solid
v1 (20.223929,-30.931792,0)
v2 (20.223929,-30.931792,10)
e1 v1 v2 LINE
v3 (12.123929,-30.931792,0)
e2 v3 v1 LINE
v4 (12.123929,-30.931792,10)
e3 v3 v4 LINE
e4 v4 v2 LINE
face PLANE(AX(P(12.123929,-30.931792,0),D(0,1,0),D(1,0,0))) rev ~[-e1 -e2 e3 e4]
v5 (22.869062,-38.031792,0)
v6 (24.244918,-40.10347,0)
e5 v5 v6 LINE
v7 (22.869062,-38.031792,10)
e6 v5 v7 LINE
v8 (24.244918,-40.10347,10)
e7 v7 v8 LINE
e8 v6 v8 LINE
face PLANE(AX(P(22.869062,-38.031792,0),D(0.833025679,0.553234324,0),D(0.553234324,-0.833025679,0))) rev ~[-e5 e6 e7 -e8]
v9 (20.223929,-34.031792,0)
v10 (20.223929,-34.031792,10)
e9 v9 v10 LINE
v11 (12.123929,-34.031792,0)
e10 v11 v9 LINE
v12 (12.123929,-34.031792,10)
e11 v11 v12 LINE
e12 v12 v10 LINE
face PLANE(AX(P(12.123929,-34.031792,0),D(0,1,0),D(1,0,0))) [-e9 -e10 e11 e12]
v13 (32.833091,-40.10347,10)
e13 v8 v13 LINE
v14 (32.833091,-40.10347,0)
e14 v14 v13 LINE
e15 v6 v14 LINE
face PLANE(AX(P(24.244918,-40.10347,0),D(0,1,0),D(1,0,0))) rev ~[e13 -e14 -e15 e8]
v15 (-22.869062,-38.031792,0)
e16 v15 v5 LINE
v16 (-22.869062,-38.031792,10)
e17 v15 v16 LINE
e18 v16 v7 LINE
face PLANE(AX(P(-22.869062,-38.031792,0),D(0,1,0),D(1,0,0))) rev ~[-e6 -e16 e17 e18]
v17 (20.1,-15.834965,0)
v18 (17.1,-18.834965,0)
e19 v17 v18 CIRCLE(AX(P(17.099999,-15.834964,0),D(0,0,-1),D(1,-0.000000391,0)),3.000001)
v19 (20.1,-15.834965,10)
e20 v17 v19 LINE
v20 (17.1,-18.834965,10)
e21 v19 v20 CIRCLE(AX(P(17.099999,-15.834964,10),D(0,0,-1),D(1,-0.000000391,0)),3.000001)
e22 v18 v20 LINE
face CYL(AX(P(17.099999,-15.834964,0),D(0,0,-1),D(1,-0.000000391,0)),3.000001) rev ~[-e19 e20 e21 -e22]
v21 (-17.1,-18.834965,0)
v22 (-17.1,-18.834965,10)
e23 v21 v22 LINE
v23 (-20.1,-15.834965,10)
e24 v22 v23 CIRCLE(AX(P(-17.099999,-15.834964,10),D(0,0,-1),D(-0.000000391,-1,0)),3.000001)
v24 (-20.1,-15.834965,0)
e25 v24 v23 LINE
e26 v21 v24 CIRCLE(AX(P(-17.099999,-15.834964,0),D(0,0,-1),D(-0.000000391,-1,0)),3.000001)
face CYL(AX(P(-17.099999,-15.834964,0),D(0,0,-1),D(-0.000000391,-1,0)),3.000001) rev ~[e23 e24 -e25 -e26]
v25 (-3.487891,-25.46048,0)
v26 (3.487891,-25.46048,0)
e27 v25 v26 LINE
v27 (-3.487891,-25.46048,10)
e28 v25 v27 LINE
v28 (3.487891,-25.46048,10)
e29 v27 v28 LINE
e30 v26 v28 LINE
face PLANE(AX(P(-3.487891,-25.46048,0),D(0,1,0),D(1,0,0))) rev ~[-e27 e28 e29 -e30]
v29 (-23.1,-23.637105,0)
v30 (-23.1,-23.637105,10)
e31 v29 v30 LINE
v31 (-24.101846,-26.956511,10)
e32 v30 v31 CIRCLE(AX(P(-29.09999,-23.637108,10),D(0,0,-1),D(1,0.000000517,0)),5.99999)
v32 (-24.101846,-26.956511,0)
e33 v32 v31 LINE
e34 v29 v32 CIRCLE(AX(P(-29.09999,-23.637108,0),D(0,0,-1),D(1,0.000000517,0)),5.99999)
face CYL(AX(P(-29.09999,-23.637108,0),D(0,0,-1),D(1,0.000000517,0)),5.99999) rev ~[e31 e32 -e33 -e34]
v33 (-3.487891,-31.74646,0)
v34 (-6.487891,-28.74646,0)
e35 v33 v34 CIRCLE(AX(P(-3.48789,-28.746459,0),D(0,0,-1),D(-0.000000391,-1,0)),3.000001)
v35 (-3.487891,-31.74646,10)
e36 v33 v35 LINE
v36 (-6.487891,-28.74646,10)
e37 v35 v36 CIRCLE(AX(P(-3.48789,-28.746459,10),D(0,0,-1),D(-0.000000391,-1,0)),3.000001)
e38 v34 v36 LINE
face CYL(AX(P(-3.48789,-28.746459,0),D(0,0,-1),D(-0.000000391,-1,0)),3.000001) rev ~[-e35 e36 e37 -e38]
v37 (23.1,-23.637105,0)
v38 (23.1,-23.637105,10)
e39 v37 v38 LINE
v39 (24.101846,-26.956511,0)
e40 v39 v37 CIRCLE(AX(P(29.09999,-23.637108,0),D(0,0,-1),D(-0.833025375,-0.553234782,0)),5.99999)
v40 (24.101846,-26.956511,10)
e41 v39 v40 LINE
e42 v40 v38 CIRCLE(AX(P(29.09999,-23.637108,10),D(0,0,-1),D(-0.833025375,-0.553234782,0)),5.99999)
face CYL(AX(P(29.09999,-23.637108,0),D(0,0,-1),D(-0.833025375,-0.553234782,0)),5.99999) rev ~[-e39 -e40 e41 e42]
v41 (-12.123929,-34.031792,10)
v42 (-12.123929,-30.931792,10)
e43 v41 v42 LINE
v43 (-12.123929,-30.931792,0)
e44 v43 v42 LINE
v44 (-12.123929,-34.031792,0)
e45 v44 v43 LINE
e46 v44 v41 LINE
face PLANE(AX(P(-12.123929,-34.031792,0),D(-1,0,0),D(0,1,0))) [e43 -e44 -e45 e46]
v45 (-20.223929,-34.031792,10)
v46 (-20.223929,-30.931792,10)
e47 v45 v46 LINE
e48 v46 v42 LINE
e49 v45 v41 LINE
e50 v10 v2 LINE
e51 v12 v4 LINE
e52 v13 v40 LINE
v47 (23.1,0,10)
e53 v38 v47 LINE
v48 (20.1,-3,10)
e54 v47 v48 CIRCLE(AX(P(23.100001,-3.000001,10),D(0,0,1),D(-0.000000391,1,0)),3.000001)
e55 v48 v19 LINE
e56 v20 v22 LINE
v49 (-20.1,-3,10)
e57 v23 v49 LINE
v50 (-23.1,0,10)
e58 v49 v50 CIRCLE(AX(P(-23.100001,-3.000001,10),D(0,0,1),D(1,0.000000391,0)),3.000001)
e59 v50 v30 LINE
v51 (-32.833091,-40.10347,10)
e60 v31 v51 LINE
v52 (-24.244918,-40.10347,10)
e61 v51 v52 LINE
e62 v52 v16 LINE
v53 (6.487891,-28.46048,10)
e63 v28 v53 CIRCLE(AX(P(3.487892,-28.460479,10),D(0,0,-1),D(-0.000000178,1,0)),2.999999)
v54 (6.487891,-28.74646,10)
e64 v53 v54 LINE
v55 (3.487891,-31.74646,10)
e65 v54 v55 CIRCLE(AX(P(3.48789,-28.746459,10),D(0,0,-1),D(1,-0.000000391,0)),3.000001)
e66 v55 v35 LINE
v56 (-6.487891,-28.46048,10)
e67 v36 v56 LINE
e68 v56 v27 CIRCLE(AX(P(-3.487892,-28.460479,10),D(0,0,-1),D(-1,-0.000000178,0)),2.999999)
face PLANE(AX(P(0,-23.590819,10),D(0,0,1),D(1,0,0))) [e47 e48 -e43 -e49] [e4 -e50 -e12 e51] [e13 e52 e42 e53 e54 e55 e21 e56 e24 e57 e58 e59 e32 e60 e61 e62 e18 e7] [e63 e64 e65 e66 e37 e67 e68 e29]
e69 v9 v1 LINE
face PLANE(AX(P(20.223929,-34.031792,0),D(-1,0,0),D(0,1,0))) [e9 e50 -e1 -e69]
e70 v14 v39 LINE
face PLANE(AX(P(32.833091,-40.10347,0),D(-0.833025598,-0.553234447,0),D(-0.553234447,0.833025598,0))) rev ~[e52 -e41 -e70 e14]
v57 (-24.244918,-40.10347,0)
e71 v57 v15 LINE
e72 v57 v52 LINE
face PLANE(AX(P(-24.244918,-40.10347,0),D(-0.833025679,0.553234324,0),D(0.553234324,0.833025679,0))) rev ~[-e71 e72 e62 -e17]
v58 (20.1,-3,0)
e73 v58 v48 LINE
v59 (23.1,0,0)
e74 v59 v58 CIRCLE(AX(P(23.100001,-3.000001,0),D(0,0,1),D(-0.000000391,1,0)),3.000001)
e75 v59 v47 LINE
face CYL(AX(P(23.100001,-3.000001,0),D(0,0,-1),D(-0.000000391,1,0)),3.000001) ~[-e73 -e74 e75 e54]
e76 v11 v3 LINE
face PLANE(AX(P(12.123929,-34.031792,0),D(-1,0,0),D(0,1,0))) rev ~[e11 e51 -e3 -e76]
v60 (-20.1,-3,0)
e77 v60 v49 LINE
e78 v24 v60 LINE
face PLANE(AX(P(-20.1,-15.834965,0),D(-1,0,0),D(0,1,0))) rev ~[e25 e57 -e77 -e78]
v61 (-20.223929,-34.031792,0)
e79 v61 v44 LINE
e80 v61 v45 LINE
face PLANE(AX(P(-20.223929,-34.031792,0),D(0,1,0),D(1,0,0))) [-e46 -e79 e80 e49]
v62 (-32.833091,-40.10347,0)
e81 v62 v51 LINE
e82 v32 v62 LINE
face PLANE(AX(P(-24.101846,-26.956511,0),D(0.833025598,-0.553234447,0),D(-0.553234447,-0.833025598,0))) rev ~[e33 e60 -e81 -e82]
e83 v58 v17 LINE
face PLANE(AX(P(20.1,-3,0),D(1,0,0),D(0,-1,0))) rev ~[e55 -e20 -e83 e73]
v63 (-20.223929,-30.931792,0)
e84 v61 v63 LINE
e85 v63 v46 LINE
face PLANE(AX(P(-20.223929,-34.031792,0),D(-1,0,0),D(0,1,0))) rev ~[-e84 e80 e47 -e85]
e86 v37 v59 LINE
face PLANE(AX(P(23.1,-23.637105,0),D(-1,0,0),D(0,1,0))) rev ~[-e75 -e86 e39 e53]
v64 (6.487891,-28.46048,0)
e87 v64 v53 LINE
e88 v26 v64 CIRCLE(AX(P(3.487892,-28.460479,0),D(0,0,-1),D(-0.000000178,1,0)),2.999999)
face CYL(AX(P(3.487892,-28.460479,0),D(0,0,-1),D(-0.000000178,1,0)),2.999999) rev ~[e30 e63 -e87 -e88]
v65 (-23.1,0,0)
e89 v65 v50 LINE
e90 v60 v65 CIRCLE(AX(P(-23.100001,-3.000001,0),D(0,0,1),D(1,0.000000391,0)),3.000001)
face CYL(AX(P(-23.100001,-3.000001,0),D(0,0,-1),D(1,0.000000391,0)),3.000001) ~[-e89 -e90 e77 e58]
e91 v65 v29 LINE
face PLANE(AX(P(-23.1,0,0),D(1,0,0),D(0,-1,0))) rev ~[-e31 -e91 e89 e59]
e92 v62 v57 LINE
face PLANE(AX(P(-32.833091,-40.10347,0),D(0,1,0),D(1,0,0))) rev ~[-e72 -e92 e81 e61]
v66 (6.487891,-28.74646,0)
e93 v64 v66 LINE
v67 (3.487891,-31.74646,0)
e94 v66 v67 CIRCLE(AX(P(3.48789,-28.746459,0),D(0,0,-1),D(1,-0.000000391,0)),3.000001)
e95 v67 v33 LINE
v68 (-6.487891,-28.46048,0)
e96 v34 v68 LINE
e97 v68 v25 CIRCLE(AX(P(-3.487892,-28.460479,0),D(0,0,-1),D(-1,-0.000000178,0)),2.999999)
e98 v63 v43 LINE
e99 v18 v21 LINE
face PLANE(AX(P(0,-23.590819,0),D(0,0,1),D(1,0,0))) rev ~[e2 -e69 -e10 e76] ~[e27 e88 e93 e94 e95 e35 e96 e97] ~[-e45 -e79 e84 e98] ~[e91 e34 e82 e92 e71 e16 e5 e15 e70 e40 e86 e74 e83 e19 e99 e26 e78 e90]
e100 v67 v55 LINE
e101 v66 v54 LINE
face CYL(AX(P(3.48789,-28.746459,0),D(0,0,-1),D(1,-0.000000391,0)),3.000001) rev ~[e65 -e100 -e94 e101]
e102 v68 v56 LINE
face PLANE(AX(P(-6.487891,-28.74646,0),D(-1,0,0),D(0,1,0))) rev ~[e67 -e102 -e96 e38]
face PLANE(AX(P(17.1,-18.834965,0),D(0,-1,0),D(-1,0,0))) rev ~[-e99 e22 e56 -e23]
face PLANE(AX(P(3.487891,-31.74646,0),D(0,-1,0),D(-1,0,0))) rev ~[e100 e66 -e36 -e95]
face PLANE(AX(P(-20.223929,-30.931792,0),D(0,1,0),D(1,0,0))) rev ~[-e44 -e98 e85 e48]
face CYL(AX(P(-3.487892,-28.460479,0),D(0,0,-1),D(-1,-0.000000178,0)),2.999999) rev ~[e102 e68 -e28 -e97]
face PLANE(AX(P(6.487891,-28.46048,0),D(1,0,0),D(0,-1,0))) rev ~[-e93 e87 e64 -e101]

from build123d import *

# Parameters (mm, degrees)
F0_W     = 8.1
F0_H     = 3.1
F1_DEPTH = 10


with BuildPart() as f1:
    # F0 (on Top) → F1 (new body)
    with BuildSketch(Plane.XY):
        with BuildLine():
            ThreePointArc((20.1, -15.834965), (19.22132, -17.956285), (17.1, -18.834965))
            Line((17.1, -18.834965), (-17.1, -18.834965))
            ThreePointArc((-17.1, -18.834965), (-19.22132, -17.956285), (-20.1, -15.834965))
            Line((-20.1, -15.834965), (-20.1, -3))
            ThreePointArc((-20.1, -3), (-20.97868, -0.87868), (-23.1, 0))
            Line((-23.1, 0), (-23.1, -23.637105))
            ThreePointArc((-23.1, -23.637105), (-23.355919, -25.370754), (-24.101846, -26.956511))
            Line((-24.101846, -26.956511), (-32.833091, -40.10347))
            Line((-32.833091, -40.10347), (-24.244918, -40.10347))
            Line((-24.244918, -40.10347), (-22.869062, -38.031792))
            Line((-22.869062, -38.031792), (0, -38.031792))
            Line((0, -38.031792), (22.869062, -38.031792))
            Line((22.869062, -38.031792), (24.244918, -40.10347))
            Line((24.244918, -40.10347), (32.833091, -40.10347))
            Line((32.833091, -40.10347), (24.101846, -26.956511))
            ThreePointArc((24.101846, -26.956511), (23.355919, -25.370754), (23.1, -23.637105))
            Line((23.1, -23.637105), (23.1, 0))
            ThreePointArc((23.1, 0), (20.97868, -0.87868), (20.1, -3))
            Line((20.1, -3), (20.1, -15.834965))
        make_face()
        with Locations((-16.173929, -32.481792)):
            Rectangle(F0_W, F0_H, mode=Mode.SUBTRACT)
        with Locations((16.173929, -32.481792)):
            Rectangle(F0_W, F0_H, mode=Mode.SUBTRACT)
        with BuildLine():
            ThreePointArc((-6.487891, -28.46048), (-5.609211, -26.339159), (-3.487891, -25.46048))
            Line((-3.487891, -25.46048), (3.487891, -25.46048))
            ThreePointArc((3.487891, -25.46048), (5.609211, -26.339159), (6.487891, -28.46048))
            Line((6.487891, -28.46048), (6.487891, -28.74646))
            ThreePointArc((6.487891, -28.74646), (5.609211, -30.86778), (3.487891, -31.74646))
            Line((3.487891, -31.74646), (-3.487891, -31.74646))
            ThreePointArc((-3.487891, -31.74646), (-5.609211, -30.86778), (-6.487891, -28.74646))
            Line((-6.487891, -28.74646), (-6.487891, -28.46048))
        make_face(mode=Mode.SUBTRACT)
    extrude(amount=F1_DEPTH)


solid = f1.part
